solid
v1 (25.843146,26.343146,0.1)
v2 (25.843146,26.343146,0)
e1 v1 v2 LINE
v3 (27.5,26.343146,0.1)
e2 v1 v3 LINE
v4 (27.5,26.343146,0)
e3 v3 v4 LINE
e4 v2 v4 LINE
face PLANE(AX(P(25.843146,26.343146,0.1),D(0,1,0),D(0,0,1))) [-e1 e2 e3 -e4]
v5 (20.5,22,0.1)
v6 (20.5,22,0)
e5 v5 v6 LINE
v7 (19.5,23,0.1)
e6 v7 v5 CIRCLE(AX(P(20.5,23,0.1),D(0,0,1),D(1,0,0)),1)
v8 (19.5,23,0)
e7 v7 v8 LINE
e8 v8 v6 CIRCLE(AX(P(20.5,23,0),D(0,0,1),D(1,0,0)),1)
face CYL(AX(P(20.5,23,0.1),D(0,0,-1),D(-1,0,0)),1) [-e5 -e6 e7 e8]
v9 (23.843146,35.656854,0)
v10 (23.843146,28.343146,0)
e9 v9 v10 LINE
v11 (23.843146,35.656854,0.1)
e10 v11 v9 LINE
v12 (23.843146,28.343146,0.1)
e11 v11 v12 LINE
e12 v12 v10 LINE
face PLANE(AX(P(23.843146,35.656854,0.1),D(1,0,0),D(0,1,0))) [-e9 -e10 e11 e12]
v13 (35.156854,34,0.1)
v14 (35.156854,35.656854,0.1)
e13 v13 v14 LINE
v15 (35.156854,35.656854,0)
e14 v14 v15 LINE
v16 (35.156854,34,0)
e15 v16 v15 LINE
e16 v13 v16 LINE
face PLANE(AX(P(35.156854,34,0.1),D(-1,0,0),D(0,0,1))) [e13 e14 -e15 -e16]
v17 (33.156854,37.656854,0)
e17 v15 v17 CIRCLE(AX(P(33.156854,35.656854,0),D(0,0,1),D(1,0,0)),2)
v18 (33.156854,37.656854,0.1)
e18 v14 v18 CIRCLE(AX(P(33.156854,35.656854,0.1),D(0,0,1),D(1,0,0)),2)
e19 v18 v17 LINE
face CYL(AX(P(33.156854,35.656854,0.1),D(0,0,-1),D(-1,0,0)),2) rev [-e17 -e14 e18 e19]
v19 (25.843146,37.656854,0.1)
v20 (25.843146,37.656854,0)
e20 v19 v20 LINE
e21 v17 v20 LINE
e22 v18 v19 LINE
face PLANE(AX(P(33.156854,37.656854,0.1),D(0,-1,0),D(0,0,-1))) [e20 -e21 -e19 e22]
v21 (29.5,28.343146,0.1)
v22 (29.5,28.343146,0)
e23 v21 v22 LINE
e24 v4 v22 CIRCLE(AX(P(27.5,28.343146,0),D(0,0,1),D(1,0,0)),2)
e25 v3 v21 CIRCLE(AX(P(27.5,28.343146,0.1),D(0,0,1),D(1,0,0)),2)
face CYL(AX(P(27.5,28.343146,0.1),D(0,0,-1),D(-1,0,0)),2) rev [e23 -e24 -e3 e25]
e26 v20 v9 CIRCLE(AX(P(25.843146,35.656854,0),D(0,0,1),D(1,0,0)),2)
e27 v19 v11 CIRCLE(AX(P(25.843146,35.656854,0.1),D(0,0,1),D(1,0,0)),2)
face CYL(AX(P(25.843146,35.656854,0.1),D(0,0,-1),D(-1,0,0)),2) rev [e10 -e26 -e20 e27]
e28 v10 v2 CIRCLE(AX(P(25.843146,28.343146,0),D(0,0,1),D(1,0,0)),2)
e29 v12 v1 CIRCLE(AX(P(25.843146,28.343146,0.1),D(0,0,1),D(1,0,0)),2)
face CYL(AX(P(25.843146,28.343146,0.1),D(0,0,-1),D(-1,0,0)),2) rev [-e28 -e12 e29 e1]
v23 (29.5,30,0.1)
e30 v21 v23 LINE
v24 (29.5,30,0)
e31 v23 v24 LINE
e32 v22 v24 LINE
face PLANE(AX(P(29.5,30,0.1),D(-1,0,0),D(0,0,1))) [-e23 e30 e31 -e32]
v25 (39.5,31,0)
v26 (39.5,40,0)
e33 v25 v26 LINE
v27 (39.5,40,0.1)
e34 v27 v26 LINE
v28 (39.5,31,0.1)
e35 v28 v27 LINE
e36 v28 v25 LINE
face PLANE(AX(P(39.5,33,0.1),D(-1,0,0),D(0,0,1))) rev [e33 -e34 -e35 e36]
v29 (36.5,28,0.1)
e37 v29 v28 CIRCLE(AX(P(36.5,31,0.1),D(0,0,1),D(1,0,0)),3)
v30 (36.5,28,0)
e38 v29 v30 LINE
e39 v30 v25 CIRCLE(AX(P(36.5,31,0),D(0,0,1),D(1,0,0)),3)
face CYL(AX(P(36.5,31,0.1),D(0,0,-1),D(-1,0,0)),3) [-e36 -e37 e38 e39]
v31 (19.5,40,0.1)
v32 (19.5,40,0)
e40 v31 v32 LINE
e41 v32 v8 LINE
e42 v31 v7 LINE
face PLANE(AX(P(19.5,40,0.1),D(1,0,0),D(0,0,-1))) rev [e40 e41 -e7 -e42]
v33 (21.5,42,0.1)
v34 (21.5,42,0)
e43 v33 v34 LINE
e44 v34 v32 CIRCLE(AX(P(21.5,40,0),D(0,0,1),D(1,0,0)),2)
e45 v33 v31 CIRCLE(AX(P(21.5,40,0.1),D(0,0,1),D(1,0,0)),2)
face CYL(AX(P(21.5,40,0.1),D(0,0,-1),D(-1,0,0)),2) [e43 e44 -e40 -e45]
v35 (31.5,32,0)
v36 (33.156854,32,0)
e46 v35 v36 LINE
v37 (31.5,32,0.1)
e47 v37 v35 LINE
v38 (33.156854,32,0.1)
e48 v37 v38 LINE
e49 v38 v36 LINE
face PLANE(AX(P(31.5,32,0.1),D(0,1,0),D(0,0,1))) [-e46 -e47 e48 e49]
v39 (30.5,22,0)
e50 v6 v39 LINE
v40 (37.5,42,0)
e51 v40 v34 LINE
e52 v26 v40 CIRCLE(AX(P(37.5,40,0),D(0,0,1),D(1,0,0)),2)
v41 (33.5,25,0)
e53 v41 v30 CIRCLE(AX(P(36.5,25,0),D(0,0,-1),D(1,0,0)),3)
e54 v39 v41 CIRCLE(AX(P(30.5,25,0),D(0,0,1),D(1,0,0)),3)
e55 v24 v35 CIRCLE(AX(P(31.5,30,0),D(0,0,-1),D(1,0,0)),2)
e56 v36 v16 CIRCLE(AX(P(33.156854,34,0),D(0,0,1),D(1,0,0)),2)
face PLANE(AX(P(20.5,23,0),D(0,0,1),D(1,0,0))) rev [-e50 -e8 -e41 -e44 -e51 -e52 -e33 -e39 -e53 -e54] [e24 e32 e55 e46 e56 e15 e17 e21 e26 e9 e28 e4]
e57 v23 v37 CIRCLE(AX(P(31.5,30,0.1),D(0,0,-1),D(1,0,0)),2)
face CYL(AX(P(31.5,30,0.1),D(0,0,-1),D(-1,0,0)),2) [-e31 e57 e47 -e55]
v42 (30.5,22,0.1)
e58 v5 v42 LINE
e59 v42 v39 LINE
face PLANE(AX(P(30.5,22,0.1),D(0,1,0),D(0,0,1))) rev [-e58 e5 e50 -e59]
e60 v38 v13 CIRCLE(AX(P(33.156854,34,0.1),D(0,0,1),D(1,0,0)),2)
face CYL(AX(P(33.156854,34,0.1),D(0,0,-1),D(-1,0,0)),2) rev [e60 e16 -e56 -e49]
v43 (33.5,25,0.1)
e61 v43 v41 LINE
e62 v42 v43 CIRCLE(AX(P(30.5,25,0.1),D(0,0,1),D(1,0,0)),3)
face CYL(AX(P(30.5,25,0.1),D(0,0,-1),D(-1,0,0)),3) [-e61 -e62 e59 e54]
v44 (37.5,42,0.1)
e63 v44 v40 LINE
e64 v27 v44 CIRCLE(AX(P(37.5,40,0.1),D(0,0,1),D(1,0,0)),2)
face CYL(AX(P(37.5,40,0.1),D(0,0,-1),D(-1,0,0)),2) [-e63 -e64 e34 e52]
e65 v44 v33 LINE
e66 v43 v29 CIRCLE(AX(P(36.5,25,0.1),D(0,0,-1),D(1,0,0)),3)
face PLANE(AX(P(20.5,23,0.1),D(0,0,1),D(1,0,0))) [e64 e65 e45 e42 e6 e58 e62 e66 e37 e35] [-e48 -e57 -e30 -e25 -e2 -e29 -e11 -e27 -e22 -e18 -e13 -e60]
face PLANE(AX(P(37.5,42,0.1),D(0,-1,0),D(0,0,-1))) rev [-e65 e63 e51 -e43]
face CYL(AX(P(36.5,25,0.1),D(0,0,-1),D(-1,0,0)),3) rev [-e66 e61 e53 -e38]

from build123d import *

# Parameters (mm, degrees)
SALIENTE_EXTRUIR1_DEPTH = 0.1


with BuildPart() as part:
    # Model → Saliente-Extruir1 (new body)
    with BuildSketch(Plane.XY):
        with BuildLine():
            Line((20.5, 22), (28.5, 22))
            Line((28.5, 22), (30.5, 22))
            ThreePointArc((30.5, 22), (32.621320344, 22.878679656), (33.5, 25))
            ThreePointArc((33.5, 25), (34.378679656, 27.121320344), (36.5, 28))
            ThreePointArc((36.5, 28), (38.621320344, 28.878679656), (39.5, 31))
            Line((39.5, 31), (39.5, 33))
            Line((39.5, 33), (39.5, 40))
            ThreePointArc((39.5, 40), (38.914213562, 41.414213562), (37.5, 42))
            Line((37.5, 42), (21.5, 42))
            ThreePointArc((21.5, 42), (20.085786438, 41.414213562), (19.5, 40))
            Line((19.5, 40), (19.5, 23))
            ThreePointArc((19.5, 23), (19.792893219, 22.292893219), (20.5, 22))
        make_face()
        with BuildLine():
            Line((31.5, 32), (33.156854249, 32))
            ThreePointArc((33.156854249, 32), (34.571067812, 32.585786438), (35.156854249, 34))
            Line((35.156854249, 34), (35.156854249, 35.656854249))
            ThreePointArc((35.156854249, 35.656854249), (34.571067812, 37.071067812), (33.156854249, 37.656854249))
            Line((33.156854249, 37.656854249), (25.843145751, 37.656854249))
            ThreePointArc((25.843145751, 37.656854249), (24.428932188, 37.071067812), (23.843145751, 35.656854249))
            Line((23.843145751, 35.656854249), (23.843145751, 28.343145751))
            ThreePointArc((23.843145751, 28.343145751), (24.428932188, 26.928932188), (25.843145751, 26.343145751))
            Line((25.843145751, 26.343145751), (27.5, 26.343145751))
            ThreePointArc((27.5, 26.343145751), (28.914213562, 26.928932188), (29.5, 28.343145751))
            Line((29.5, 28.343145751), (29.5, 30))
            ThreePointArc((29.5, 30), (30.085786438, 31.414213562), (31.5, 32))
        make_face(mode=Mode.SUBTRACT)
    extrude(amount=SALIENTE_EXTRUIR1_DEPTH)


solid = part.part
